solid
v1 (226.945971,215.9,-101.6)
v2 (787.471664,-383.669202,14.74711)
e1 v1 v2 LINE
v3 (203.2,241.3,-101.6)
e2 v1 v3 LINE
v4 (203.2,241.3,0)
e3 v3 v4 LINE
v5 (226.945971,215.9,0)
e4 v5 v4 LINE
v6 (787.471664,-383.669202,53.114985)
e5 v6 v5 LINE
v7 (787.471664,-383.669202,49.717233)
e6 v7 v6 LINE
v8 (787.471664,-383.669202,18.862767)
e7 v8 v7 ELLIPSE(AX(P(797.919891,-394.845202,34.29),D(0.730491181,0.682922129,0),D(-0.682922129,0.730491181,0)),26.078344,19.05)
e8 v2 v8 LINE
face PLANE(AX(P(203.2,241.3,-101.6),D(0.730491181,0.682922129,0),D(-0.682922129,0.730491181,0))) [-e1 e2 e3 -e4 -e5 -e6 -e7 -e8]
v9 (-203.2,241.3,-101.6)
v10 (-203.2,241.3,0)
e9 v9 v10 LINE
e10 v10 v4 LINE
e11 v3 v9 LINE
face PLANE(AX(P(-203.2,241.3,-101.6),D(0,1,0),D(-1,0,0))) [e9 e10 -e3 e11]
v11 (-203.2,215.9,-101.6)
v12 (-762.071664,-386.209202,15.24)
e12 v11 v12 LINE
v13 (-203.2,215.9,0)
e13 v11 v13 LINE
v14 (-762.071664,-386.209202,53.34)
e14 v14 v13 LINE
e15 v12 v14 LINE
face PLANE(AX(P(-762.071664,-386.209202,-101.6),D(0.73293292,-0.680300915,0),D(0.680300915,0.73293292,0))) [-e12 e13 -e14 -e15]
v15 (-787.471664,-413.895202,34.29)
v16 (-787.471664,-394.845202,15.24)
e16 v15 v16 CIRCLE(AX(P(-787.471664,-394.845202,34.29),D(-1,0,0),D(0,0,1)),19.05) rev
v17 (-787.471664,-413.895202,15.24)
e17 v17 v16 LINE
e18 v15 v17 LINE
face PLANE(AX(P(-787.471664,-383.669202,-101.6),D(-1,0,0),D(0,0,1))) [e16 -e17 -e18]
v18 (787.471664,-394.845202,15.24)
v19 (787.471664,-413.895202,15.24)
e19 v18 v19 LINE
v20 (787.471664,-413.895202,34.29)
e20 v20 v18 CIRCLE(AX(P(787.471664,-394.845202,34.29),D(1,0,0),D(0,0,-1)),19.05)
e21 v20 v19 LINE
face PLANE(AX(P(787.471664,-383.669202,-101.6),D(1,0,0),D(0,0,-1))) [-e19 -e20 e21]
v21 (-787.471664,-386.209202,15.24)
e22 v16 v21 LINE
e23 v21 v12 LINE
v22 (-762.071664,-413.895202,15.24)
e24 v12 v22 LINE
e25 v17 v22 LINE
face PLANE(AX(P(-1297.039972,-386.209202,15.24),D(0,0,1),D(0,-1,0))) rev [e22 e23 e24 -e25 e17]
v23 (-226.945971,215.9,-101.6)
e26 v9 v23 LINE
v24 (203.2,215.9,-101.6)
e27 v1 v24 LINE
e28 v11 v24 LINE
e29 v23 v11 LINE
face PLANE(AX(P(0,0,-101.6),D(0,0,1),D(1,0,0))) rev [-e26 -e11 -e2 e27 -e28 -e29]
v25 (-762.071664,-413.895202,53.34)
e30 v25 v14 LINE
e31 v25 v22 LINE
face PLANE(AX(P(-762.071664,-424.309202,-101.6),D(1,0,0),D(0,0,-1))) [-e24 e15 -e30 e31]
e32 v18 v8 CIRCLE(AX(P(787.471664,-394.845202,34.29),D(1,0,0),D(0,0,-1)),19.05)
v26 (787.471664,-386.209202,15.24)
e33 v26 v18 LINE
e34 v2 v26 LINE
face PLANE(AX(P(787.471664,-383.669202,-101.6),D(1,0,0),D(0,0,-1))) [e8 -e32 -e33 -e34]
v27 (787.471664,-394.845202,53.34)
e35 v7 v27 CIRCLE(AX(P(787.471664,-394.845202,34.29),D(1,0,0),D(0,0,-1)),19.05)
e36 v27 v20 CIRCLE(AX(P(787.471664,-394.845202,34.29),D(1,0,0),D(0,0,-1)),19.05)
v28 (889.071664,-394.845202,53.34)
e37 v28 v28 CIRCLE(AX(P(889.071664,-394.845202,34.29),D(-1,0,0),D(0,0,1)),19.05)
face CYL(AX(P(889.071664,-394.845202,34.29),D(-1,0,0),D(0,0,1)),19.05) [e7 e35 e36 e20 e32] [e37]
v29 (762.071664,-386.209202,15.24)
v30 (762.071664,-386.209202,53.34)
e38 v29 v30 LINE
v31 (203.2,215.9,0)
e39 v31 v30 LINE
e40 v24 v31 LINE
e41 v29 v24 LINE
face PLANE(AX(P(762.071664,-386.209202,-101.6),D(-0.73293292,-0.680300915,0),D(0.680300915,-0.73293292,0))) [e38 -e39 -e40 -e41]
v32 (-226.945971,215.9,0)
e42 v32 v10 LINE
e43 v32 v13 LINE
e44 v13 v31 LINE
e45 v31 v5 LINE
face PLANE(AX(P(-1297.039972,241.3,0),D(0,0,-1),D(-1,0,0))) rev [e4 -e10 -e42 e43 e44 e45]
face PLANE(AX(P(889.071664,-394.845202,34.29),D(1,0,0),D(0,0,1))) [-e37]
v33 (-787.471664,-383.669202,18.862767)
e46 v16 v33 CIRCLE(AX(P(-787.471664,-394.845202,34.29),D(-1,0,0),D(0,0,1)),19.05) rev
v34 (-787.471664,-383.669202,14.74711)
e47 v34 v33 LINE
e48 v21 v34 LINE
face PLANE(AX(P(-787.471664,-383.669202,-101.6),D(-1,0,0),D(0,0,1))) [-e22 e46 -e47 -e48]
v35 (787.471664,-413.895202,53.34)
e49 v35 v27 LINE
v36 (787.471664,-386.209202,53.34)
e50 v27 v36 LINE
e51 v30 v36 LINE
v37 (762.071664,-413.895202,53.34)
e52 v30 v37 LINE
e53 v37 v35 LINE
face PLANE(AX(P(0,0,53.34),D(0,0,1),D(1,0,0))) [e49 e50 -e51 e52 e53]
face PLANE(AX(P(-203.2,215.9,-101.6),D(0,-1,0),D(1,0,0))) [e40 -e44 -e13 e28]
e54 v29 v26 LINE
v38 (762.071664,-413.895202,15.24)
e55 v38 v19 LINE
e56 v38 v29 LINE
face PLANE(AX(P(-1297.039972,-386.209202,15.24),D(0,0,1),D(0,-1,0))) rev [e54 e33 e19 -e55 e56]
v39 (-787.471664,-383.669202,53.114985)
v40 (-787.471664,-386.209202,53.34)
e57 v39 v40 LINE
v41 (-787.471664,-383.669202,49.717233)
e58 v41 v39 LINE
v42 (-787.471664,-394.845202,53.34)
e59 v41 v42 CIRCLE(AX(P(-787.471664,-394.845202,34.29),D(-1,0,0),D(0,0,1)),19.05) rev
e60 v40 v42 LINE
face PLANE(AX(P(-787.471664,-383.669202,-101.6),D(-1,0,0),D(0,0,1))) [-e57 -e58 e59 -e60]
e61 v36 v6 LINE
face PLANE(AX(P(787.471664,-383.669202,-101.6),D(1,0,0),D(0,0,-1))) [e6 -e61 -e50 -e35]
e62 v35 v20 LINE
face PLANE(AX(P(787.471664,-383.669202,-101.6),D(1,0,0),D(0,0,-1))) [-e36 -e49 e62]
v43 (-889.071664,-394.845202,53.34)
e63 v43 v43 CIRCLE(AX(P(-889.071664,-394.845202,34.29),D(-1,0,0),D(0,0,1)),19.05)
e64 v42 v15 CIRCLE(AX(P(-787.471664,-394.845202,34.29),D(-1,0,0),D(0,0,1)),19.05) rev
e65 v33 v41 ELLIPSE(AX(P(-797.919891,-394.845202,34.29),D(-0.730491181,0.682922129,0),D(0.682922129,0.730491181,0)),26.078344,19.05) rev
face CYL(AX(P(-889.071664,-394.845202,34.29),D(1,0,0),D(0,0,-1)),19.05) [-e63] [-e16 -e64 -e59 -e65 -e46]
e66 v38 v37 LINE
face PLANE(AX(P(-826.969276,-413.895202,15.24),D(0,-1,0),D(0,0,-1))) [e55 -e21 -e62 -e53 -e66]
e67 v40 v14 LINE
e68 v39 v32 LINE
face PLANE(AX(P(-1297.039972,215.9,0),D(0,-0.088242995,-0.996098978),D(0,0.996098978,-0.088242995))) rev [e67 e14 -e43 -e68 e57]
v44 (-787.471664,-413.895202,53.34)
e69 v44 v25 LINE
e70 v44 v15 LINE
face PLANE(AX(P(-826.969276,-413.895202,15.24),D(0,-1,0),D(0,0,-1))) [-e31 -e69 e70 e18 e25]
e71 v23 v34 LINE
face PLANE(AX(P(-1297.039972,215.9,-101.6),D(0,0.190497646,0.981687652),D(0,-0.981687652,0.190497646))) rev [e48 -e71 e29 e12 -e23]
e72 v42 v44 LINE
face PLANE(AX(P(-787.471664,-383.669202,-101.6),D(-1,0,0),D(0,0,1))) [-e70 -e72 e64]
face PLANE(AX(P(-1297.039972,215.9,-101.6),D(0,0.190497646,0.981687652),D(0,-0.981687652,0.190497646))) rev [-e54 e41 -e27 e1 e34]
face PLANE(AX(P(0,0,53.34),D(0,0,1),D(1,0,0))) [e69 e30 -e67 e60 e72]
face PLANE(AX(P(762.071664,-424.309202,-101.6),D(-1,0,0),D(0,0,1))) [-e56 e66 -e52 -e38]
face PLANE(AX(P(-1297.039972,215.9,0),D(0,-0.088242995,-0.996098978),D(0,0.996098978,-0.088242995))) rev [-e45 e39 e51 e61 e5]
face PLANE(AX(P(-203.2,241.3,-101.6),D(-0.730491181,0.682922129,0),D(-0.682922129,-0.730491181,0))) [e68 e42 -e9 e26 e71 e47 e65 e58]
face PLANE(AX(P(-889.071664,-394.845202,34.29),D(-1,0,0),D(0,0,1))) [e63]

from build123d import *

# Parameters (mm, degrees)
BOSS_EXTRUDE6_DEPTH            = 53.34
BOSS_EXTRUDE6_DEPTH_BACK       = 101.6
CUT_EXTRUDE8_REACH             = 902.262
CUT_EXTRUDE8_DIRECTION_2_REACH = 902.262
SKETCH15_R                     = 19.05
BOSS_EXTRUDE8_DEPTH            = 127
CUT_EXTRUDE9_REACH             = 1709.816
SKETCH16_W                     = 38.1
SKETCH16_H                     = 10.414
CUT_EXTRUDE9_DIRECTION_2_REACH = 1709.816


with BuildPart() as part:
    # Sketch12 → Boss-Extrude6 (new, two sides: drawn at the far end of the back side and taken through both)
    with BuildSketch(Plane.XY.offset(-BOSS_EXTRUDE6_DEPTH_BACK)):
        Polygon((-203.2, 241.3), (203.2, 241.3), (787.471663752, -383.669201703), (787.471663752, -424.309201703), (762.071663752, -424.309201703), (762.071663752, -386.209201703), (203.2, 215.9), (-203.2, 215.9), (-762.071663752, -386.209201703), (-762.071663752, -424.309201703), (-787.471663752, -424.309201703), (-787.471663752, -383.669201703), align=None)
    extrude(amount=BOSS_EXTRUDE6_DEPTH + BOSS_EXTRUDE6_DEPTH_BACK)

    # Cut-Extrude8: up to this plane
    cut_extrude8_end = Plane(origin=(-203.2, 241.3, -101.6), z_dir=(-0.7304911811601322, 0.6829221289775833, 0))
    # Sketch14 → Cut-Extrude8 (cut, up to the surface)
    with BuildSketch(Plane(origin=(0, 0, 0), x_dir=(0, 0, -1), z_dir=(1, 0, 0)), mode=Mode.PRIVATE) as cut_extrude8_sk1:
        Polygon((0, 241.3), (0, 215.9), (-53.34, -386.209201703), (-53.34, 241.3), align=None)
    cut_extrude8_tool1 = split(extrude(cut_extrude8_sk1.sketch, amount=-CUT_EXTRUDE8_REACH, mode=Mode.PRIVATE), bisect_by=cut_extrude8_end, keep=Keep.BOTH, mode=Mode.PRIVATE)
    add(cut_extrude8_tool1.solids().sort_by_distance((0, 31.800889, 34.868308))[0], mode=Mode.SUBTRACT)
    # Sketch14 → Cut-Extrude8 (cut, up to the surface)
    with BuildSketch(Plane(origin=(0, 0, 0), x_dir=(0, 0, -1), z_dir=(1, 0, 0)), mode=Mode.PRIVATE) as cut_extrude8_sk2:
        Polygon((101.6, 215.9), (-15.24, -386.209201703), (-15.24, -424.309201703), (101.6, -424.309201703), align=None)
    cut_extrude8_tool2 = split(extrude(cut_extrude8_sk2.sketch, amount=-CUT_EXTRUDE8_REACH, mode=Mode.PRIVATE), bisect_by=cut_extrude8_end, keep=Keep.BOTH, mode=Mode.PRIVATE)
    add(cut_extrude8_tool2.solids().sort_by_distance((0, -210.192787, -60.465735))[0], mode=Mode.SUBTRACT)

    # Cut-Extrude8 direction 2: up to this plane
    cut_extrude8_direction_2_end = Plane(origin=(203.2, 241.3, -101.6), z_dir=(0.7304911811601321, 0.6829221289775835, 0))
    # Sketch14 → Cut-Extrude8 direction 2 (cut, up to the surface)
    with BuildSketch(Plane(origin=(0, 0, 0), x_dir=(0, 0, -1), z_dir=(1, 0, 0)), mode=Mode.PRIVATE) as cut_extrude8_direction_2_sk1:
        Polygon((0, 241.3), (0, 215.9), (-53.34, -386.209201703), (-53.34, 241.3), align=None)
    cut_extrude8_direction_2_tool1 = split(extrude(cut_extrude8_direction_2_sk1.sketch, amount=CUT_EXTRUDE8_DIRECTION_2_REACH, mode=Mode.PRIVATE), bisect_by=cut_extrude8_direction_2_end, keep=Keep.BOTH, mode=Mode.PRIVATE)
    add(cut_extrude8_direction_2_tool1.solids().sort_by_distance((0, 31.800889, 34.868308))[0], mode=Mode.SUBTRACT)
    # Sketch14 → Cut-Extrude8 direction 2 (cut, up to the surface)
    with BuildSketch(Plane(origin=(0, 0, 0), x_dir=(0, 0, -1), z_dir=(1, 0, 0)), mode=Mode.PRIVATE) as cut_extrude8_direction_2_sk2:
        Polygon((101.6, 215.9), (-15.24, -386.209201703), (-15.24, -424.309201703), (101.6, -424.309201703), align=None)
    cut_extrude8_direction_2_tool2 = split(extrude(cut_extrude8_direction_2_sk2.sketch, amount=CUT_EXTRUDE8_DIRECTION_2_REACH, mode=Mode.PRIVATE), bisect_by=cut_extrude8_direction_2_end, keep=Keep.BOTH, mode=Mode.PRIVATE)
    add(cut_extrude8_direction_2_tool2.solids().sort_by_distance((0, -210.192787, -60.465735))[0], mode=Mode.SUBTRACT)

    # Sketch15 → Boss-Extrude8 (add)
    with BuildSketch(Plane.ZY.offset(762.071663752)):
        with Locations((34.29, -394.845201703)):
            Circle(SKETCH15_R)
    boss_extrude8 = extrude(amount=BOSS_EXTRUDE8_DEPTH)

    # Mirror2: Boss-Extrude8 across plane
    add(boss_extrude8.mirror(Plane(origin=(0, 0, 0), x_dir=(0, 0, 1), z_dir=(1, 0, 0))))

    # Cut-Extrude9: up to this face of the body (flat: up to its plane)
    cut_extrude9_end = Plane(part.part.faces().sort_by_distance((-787.471663752, -416.434815963, 34.29))[0])
    # Sketch16 → Cut-Extrude9 (cut, up to the picked face)
    with BuildSketch(Plane.ZY.offset(762.071663752), mode=Mode.PRIVATE) as cut_extrude9_sk1:
        with Locations((34.29, -419.102201703)):
            Rectangle(SKETCH16_W, SKETCH16_H)
    cut_extrude9_tool1 = split(extrude(cut_extrude9_sk1.sketch, amount=CUT_EXTRUDE9_REACH, mode=Mode.PRIVATE), bisect_by=cut_extrude9_end, keep=Keep.BOTH, mode=Mode.PRIVATE)
    add(cut_extrude9_tool1.solids().sort_by(Axis((-762.071664, -419.102202, 34.29), (-1, 0, 0)))[0], mode=Mode.SUBTRACT)

    # Cut-Extrude9 direction 2: up to this face of the body (flat: up to its plane)
    cut_extrude9_direction_2_end = Plane(part.part.faces().sort_by_distance((787.471663752, -416.434815963, 34.29))[0])
    # Sketch16 → Cut-Extrude9 direction 2 (cut, up to the picked face)
    with BuildSketch(Plane.ZY.offset(762.071663752), mode=Mode.PRIVATE) as cut_extrude9_direction_2_sk1:
        with Locations((34.29, -419.102201703)):
            Rectangle(SKETCH16_W, SKETCH16_H)
    cut_extrude9_direction_2_tool1 = split(extrude(cut_extrude9_direction_2_sk1.sketch, amount=-CUT_EXTRUDE9_DIRECTION_2_REACH, mode=Mode.PRIVATE), bisect_by=cut_extrude9_direction_2_end, keep=Keep.BOTH, mode=Mode.PRIVATE)
    add(cut_extrude9_direction_2_tool1.solids().sort_by(Axis((-762.071664, -419.102202, 34.29), (1, 0, 0)))[0], mode=Mode.SUBTRACT)


solid = part.part
